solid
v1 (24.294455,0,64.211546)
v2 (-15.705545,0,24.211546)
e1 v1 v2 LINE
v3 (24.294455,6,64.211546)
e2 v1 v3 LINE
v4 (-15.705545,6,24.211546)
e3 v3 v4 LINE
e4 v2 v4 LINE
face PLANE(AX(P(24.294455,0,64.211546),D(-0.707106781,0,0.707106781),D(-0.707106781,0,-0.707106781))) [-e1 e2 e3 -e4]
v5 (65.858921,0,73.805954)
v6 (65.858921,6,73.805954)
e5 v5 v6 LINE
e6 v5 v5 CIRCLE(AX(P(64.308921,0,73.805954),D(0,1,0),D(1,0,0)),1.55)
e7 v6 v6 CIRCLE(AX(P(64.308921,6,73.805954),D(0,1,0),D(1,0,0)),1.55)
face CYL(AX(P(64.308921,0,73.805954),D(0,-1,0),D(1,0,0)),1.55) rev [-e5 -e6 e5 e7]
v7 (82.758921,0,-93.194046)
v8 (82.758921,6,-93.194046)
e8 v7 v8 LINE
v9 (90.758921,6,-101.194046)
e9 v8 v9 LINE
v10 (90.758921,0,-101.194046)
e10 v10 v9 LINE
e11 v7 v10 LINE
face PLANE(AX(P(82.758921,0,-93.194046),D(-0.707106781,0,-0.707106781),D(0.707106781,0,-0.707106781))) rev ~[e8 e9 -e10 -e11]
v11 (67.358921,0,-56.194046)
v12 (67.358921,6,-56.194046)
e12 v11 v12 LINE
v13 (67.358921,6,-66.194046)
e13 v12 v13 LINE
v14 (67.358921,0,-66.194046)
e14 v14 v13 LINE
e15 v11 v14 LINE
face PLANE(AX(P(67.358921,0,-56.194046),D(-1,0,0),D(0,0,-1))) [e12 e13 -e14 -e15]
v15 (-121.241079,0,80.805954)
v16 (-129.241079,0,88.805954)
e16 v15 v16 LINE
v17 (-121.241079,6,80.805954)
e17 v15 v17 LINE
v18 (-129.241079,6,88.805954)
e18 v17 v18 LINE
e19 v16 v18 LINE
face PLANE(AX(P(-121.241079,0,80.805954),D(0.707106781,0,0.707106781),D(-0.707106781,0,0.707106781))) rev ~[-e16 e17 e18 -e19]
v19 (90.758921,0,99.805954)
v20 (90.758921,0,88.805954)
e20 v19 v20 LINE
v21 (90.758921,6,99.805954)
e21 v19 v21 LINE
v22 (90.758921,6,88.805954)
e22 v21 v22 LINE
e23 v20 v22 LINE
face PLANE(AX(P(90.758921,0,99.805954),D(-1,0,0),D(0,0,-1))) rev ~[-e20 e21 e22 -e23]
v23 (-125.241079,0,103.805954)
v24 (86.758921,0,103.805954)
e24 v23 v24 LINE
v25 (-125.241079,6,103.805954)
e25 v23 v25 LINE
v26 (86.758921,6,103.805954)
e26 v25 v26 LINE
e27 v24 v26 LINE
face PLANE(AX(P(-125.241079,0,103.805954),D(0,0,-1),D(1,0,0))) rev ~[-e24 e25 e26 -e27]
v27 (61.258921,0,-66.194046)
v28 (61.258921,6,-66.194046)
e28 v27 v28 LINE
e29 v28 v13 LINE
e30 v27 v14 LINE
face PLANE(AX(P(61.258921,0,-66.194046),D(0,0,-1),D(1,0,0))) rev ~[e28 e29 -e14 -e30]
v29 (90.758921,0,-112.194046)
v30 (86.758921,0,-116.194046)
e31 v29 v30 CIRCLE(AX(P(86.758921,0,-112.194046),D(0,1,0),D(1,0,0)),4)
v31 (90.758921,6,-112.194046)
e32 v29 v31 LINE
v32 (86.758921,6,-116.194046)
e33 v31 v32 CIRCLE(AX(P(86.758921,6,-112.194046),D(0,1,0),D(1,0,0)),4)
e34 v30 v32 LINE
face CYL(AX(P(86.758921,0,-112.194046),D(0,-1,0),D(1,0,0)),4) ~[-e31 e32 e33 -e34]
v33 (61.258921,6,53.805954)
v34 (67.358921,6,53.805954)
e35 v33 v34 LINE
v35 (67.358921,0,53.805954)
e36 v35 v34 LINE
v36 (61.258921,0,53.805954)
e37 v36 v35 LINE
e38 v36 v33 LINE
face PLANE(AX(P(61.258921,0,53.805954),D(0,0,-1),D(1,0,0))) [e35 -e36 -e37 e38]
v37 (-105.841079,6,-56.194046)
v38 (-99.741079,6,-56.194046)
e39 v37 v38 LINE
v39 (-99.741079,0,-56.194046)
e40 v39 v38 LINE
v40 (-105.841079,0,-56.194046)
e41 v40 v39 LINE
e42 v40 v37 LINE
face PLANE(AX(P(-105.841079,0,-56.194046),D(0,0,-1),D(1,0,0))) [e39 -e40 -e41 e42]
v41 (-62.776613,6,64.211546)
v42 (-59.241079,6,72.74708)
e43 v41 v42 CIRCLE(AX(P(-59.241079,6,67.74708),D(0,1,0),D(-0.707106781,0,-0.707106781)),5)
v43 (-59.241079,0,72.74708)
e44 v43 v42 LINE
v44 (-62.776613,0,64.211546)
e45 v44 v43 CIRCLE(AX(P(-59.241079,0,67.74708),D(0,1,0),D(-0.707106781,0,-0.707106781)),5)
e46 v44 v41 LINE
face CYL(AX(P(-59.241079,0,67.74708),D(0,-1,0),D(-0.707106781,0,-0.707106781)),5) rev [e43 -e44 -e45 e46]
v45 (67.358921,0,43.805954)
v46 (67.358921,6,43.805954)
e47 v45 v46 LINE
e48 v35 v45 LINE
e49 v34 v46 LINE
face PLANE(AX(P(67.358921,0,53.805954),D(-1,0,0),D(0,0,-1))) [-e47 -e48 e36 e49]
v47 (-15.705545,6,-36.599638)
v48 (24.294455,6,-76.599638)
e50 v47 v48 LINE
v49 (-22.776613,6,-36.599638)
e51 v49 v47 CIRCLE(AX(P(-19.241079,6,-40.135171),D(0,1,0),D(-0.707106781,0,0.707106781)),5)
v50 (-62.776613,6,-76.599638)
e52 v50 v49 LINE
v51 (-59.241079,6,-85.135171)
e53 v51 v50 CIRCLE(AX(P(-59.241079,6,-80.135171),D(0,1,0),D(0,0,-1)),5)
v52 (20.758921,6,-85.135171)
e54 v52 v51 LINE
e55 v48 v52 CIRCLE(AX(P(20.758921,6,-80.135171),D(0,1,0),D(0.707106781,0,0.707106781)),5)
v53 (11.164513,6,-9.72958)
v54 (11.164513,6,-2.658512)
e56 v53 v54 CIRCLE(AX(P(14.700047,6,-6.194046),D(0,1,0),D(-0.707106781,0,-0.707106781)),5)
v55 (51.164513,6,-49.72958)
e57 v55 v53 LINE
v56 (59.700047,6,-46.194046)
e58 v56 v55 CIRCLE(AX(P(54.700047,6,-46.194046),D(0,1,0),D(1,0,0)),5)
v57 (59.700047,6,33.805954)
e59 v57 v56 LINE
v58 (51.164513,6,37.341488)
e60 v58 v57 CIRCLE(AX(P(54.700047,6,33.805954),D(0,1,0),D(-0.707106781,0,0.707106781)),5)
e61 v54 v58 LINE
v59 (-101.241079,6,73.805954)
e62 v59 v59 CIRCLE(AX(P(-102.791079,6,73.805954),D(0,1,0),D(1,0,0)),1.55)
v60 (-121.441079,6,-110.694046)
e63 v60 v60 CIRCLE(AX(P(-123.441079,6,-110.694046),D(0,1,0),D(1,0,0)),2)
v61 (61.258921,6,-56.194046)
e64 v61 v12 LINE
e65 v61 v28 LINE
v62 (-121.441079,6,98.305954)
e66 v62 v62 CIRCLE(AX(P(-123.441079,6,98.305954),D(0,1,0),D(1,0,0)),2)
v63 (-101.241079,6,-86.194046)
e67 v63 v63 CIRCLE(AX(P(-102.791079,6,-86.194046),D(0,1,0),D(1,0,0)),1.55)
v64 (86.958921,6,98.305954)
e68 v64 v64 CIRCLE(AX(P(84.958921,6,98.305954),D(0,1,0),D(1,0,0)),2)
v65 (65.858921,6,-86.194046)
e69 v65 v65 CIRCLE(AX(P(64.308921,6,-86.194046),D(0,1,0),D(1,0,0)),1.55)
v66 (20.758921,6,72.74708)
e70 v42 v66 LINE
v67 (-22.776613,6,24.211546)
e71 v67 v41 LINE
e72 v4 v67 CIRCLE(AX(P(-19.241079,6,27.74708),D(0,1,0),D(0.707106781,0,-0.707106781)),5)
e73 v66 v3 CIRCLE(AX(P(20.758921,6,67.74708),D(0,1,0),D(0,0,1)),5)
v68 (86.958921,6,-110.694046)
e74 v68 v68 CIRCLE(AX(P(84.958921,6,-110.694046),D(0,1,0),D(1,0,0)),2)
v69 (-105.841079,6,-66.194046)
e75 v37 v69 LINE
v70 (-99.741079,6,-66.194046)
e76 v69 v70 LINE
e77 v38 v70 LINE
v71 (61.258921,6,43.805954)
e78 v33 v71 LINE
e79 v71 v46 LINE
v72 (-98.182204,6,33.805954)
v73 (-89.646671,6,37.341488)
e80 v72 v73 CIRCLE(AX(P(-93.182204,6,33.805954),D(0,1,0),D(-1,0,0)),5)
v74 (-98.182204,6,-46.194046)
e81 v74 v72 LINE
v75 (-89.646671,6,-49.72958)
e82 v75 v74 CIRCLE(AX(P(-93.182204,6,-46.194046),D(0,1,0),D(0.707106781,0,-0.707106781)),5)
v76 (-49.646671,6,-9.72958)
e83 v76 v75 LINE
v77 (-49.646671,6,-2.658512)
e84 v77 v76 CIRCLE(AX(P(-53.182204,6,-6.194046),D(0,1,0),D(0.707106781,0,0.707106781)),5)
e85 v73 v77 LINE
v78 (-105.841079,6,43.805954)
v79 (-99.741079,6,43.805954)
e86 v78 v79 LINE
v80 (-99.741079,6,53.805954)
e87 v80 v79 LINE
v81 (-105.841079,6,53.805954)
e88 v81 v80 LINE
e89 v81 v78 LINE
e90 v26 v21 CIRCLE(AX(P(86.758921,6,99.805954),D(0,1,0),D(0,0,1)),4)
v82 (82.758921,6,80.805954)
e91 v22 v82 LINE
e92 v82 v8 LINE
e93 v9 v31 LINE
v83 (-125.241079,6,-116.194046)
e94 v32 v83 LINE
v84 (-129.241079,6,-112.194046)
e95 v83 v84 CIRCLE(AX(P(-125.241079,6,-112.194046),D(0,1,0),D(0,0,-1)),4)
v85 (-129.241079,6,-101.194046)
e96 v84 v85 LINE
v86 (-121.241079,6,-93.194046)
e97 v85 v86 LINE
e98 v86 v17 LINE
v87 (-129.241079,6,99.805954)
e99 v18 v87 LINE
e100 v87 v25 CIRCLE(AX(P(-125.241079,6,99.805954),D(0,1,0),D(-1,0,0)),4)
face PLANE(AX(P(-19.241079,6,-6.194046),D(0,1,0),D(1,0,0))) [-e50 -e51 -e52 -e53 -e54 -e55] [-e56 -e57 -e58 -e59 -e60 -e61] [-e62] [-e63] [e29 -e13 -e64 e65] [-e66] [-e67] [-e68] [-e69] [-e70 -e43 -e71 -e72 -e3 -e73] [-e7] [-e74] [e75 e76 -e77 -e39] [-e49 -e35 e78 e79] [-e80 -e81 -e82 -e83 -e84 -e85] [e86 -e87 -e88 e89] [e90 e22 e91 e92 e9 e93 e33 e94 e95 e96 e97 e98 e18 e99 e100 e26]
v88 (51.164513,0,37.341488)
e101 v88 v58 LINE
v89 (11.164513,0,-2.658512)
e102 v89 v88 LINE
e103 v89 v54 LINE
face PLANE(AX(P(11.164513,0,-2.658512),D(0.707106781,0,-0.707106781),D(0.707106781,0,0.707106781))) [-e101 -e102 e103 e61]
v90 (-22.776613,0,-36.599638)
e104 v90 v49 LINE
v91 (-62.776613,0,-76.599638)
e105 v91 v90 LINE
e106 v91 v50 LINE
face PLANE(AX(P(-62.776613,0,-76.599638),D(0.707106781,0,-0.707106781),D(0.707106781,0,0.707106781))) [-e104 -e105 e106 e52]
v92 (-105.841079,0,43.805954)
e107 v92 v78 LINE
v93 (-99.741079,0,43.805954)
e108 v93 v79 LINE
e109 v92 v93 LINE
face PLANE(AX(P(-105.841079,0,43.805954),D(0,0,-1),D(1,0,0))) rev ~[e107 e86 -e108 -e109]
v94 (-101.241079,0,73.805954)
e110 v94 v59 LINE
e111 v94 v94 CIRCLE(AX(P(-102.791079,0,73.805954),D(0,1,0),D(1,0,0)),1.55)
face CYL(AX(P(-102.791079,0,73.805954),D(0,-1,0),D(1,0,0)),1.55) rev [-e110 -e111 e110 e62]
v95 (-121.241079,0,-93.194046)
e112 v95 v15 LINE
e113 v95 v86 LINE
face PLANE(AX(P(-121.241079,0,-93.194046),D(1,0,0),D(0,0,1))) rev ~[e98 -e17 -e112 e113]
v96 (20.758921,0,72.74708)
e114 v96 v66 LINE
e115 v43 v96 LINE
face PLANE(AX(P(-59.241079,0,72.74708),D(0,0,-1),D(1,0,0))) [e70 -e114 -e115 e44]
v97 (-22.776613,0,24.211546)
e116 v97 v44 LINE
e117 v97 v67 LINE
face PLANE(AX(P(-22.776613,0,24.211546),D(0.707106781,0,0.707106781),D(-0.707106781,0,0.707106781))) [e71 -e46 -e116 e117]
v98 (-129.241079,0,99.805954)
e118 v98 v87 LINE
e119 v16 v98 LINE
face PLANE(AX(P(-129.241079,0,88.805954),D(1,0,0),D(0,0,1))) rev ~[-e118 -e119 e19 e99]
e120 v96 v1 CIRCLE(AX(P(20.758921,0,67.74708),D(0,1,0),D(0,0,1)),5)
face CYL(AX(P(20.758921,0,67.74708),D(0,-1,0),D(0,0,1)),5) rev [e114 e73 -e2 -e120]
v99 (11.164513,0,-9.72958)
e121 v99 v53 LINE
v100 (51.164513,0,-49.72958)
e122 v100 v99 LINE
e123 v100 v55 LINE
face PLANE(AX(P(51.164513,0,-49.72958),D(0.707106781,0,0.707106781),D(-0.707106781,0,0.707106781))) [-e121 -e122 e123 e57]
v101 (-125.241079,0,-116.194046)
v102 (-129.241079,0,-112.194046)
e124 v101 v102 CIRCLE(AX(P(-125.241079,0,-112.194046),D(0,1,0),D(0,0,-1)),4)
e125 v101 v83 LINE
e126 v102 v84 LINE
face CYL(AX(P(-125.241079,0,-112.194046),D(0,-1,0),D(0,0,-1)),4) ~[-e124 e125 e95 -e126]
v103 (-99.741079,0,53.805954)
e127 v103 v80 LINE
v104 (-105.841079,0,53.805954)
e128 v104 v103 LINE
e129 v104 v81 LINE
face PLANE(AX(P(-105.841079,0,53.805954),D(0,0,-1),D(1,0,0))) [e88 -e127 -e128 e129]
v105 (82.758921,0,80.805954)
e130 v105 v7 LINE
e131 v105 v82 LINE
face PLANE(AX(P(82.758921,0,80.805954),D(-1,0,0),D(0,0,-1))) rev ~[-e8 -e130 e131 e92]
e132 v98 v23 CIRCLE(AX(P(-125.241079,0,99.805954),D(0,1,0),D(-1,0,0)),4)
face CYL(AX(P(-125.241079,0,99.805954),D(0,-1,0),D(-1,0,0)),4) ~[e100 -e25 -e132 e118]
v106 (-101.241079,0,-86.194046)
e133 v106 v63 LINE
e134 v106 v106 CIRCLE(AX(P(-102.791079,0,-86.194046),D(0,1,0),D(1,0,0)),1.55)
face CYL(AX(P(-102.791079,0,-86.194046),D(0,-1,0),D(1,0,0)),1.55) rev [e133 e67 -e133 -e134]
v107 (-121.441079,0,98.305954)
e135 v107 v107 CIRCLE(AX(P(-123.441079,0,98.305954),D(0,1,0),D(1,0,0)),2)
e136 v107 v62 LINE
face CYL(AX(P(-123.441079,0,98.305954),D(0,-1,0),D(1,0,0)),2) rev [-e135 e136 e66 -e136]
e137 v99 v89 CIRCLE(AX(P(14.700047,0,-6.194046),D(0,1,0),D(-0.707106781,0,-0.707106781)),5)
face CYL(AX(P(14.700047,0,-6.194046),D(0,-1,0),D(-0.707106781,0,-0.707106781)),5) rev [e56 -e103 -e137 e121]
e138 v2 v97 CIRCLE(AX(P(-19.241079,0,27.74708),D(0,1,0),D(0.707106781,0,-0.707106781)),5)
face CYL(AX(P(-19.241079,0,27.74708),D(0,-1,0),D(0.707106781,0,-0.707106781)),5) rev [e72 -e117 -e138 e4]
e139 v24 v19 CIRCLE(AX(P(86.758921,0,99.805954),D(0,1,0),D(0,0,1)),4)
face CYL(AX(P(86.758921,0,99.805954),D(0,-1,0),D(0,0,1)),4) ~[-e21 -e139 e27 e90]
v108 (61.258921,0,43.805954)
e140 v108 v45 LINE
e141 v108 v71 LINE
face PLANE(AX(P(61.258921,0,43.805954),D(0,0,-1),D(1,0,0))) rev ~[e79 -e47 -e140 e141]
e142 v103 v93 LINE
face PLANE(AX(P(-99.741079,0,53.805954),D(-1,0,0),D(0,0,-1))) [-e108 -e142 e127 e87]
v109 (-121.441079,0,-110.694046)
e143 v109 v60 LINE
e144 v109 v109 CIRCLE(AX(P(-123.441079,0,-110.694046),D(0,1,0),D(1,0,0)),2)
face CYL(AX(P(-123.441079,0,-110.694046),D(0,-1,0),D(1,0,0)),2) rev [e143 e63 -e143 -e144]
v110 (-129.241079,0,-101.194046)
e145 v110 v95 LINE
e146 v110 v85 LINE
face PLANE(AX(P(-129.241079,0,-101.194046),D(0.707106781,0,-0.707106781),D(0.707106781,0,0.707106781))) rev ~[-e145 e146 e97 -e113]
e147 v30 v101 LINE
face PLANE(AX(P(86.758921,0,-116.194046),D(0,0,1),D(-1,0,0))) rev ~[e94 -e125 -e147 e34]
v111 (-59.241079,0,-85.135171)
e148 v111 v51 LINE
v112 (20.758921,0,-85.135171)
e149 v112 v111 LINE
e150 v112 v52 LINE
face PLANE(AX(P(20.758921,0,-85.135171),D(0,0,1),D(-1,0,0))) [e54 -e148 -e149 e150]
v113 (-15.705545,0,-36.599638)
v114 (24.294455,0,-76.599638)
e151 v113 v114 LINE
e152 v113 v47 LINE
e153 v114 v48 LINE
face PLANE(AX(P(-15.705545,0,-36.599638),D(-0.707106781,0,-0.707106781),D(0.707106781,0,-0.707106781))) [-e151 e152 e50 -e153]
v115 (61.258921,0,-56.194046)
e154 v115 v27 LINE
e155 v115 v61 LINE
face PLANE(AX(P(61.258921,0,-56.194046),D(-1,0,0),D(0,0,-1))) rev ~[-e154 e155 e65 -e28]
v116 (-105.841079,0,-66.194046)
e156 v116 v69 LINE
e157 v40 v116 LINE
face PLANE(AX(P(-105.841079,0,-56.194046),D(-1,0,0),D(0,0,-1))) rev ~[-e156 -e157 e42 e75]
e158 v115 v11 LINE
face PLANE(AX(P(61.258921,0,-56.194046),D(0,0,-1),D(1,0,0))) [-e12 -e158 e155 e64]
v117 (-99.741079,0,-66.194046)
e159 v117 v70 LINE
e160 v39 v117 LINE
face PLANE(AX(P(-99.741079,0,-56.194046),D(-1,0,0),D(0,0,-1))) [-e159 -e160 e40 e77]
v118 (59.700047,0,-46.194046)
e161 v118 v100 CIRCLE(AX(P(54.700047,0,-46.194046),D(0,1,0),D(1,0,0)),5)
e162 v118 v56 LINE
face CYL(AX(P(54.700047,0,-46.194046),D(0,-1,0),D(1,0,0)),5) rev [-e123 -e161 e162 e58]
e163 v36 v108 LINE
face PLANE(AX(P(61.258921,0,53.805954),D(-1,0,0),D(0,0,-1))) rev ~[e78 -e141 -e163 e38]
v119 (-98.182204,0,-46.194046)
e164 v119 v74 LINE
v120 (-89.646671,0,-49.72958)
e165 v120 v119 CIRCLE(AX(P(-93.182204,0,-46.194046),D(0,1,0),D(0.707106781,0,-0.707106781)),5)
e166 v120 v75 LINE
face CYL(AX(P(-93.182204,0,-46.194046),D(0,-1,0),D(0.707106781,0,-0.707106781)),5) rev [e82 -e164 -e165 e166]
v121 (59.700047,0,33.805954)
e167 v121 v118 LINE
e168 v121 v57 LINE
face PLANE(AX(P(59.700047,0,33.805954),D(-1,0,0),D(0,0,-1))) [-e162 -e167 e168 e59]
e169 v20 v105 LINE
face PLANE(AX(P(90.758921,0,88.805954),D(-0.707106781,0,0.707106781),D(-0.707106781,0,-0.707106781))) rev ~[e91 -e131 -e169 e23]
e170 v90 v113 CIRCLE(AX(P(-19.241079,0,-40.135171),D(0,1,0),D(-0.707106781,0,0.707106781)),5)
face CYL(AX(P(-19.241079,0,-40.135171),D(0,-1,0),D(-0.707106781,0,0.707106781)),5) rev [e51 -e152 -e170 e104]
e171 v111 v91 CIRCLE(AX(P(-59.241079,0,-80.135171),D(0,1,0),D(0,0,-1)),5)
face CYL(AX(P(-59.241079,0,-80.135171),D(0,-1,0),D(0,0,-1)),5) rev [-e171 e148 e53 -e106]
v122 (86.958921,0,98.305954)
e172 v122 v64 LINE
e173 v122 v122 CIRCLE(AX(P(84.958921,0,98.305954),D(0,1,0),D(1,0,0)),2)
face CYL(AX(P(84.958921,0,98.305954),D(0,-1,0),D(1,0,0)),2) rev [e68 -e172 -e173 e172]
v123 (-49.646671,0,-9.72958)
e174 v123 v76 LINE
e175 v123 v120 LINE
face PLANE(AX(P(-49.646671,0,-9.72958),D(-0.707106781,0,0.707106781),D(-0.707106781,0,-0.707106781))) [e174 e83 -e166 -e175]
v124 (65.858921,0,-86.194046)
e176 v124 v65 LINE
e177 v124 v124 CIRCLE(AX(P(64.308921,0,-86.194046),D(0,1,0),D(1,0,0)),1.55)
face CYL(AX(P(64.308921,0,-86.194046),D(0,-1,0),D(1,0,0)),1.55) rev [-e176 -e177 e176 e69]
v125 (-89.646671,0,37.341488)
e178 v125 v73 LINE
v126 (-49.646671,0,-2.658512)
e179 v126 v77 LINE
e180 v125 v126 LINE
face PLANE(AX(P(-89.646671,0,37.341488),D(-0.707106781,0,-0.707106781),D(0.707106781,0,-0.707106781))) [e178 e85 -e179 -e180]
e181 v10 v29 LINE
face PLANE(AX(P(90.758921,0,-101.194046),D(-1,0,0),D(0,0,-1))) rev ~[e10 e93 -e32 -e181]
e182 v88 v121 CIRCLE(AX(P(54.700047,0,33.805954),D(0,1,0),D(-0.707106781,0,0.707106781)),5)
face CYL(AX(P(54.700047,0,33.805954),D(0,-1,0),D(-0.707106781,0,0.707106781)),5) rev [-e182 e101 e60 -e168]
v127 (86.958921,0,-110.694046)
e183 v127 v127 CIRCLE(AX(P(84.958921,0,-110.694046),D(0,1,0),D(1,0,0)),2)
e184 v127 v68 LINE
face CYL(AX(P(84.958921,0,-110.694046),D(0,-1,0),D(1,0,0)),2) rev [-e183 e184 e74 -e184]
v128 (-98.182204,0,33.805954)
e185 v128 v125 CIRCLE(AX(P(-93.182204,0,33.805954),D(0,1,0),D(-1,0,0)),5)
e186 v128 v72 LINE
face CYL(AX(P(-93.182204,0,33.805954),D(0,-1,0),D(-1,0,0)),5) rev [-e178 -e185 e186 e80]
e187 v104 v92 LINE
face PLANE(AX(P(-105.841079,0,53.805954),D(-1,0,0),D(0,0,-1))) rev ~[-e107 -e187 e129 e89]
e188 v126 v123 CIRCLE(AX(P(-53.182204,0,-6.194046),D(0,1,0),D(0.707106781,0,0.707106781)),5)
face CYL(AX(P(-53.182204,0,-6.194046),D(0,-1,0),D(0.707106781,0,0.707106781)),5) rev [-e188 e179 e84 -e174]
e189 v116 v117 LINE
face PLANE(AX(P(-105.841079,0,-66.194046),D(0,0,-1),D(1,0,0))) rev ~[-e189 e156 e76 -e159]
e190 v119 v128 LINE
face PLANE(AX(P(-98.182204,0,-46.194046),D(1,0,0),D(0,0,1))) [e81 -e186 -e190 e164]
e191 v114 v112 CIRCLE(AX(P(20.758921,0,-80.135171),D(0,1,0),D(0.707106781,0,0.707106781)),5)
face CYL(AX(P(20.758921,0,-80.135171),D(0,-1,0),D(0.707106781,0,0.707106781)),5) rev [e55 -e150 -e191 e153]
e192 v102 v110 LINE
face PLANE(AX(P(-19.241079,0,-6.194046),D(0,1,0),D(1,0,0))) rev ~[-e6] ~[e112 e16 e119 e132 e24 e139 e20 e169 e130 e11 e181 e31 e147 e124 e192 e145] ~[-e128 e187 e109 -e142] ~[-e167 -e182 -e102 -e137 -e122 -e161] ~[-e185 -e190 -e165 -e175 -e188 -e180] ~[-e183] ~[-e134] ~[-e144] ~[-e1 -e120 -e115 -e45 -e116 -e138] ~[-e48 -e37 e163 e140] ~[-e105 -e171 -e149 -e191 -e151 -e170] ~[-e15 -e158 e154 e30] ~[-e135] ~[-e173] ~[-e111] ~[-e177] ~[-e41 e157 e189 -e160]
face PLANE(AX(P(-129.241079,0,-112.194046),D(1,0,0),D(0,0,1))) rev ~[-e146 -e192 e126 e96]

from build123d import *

# Parameters (mm, degrees)
SKETCH_1_R      = 2
SKETCH_1_R_2    = 1.55
SKETCH_1_W      = 6.1
SKETCH_1_H      = 10
EXTRUDE_1_DEPTH = 6


with BuildPart() as part:
    # Эскиз1 → Бобышка-Вытянуть1 (new body)
    with BuildSketch(Plane(origin=(0, 0, 0), x_dir=(1, 0, 0), z_dir=(0, 1, 0))):
        with BuildLine():
            Line((-121.241078921, -80.805954046), (-129.241078921, -88.805954046))
            Line((-129.241078921, -88.805954046), (-129.241078921, -99.805954046))
            ThreePointArc((-129.241078921, -99.805954046), (-128.069506046, -102.634381171), (-125.241078921, -103.805954046))
            Line((-125.241078921, -103.805954046), (86.758921079, -103.805954046))
            ThreePointArc((86.758921079, -103.805954046), (89.587348204, -102.634381171), (90.758921079, -99.805954046))
            Line((90.758921079, -99.805954046), (90.758921079, -88.805954046))
            Line((90.758921079, -88.805954046), (82.758921079, -80.805954046))
            Line((82.758921079, -80.805954046), (82.758921079, 93.194045954))
            Line((82.758921079, 93.194045954), (90.758921079, 101.194045954))
            Line((90.758921079, 101.194045954), (90.758921079, 112.194045954))
            ThreePointArc((90.758921079, 112.194045954), (89.587348204, 115.022473079), (86.758921079, 116.194045954))
            Line((86.758921079, 116.194045954), (-125.241078921, 116.194045954))
            ThreePointArc((-125.241078921, 116.194045954), (-128.069506046, 115.022473079), (-129.241078921, 112.194045954))
            Line((-129.241078921, 112.194045954), (-129.241078921, 101.194045954))
            Line((-129.241078921, 101.194045954), (-121.241078921, 93.194045954))
            Line((-121.241078921, 93.194045954), (-121.241078921, -80.805954046))
        make_face()
        with Locations((-123.441078921, -98.305954046)):
            Circle(SKETCH_1_R, mode=Mode.SUBTRACT)
        with Locations((84.958921079, -98.305954046)):
            Circle(SKETCH_1_R, mode=Mode.SUBTRACT)
        with Locations((-123.441078921, 110.694045954)):
            Circle(SKETCH_1_R, mode=Mode.SUBTRACT)
        with Locations((84.958921079, 110.694045954)):
            Circle(SKETCH_1_R, mode=Mode.SUBTRACT)
        with Locations((64.308921079, 86.194045954)):
            Circle(SKETCH_1_R_2, mode=Mode.SUBTRACT)
        with Locations((64.308921079, -73.805954046)):
            Circle(SKETCH_1_R_2, mode=Mode.SUBTRACT)
        with Locations((-102.791078921, -73.805954046)):
            Circle(SKETCH_1_R_2, mode=Mode.SUBTRACT)
        with Locations((-102.791078921, 86.194045954)):
            Circle(SKETCH_1_R_2, mode=Mode.SUBTRACT)
        with Locations((-102.791078921, 61.194045954)):
            Rectangle(SKETCH_1_W, SKETCH_1_H, mode=Mode.SUBTRACT)
        with Locations((64.308921079, -48.805954046)):
            Rectangle(SKETCH_1_W, SKETCH_1_H, mode=Mode.SUBTRACT)
        with BuildLine():
            Line((-59.241078921, -72.747079543), (20.758921079, -72.747079543))
            ThreePointArc((20.758921079, -72.747079543), (25.378318741, -69.660496705), (24.294454985, -64.211545637))
            Line((24.294454985, -64.211545637), (-15.705545015, -24.211545637))
            ThreePointArc((-15.705545015, -24.211545637), (-19.241078921, -22.747079543), (-22.776612827, -24.211545637))
            Line((-22.776612827, -24.211545637), (-62.776612827, -64.211545637))
            ThreePointArc((-62.776612827, -64.211545637), (-63.860476584, -69.660496705), (-59.241078921, -72.747079543))
        make_face(mode=Mode.SUBTRACT)
        with Locations((64.308921079, 61.194045954)):
            Rectangle(SKETCH_1_W, SKETCH_1_H, mode=Mode.SUBTRACT)
        with BuildLine():
            Line((20.758921079, 85.135171451), (-59.241078921, 85.135171451))
            ThreePointArc((-59.241078921, 85.135171451), (-63.860476584, 82.048588613), (-62.776612827, 76.599637545))
            Line((-62.776612827, 76.599637545), (-22.776612827, 36.599637545))
            ThreePointArc((-22.776612827, 36.599637545), (-19.241078921, 35.135171451), (-15.705545015, 36.599637545))
            Line((-15.705545015, 36.599637545), (24.294454985, 76.599637545))
            ThreePointArc((24.294454985, 76.599637545), (25.378318741, 82.048588613), (20.758921079, 85.135171451))
        make_face(mode=Mode.SUBTRACT)
        with BuildLine():
            Line((59.700046576, -33.805954046), (59.700046576, 46.194045954))
            ThreePointArc((59.700046576, 46.194045954), (56.613463738, 50.813443617), (51.16451267, 49.72957986))
            Line((51.16451267, 49.72957986), (11.16451267, 9.72957986))
            ThreePointArc((11.16451267, 9.72957986), (9.700046576, 6.194045954), (11.16451267, 2.658512048))
            Line((11.16451267, 2.658512048), (51.16451267, -37.341487952))
            ThreePointArc((51.16451267, -37.341487952), (56.613463738, -38.425351709), (59.700046576, -33.805954046))
        make_face(mode=Mode.SUBTRACT)
        with BuildLine():
            Line((-98.182204418, 46.194045954), (-98.182204418, -33.805954046))
            ThreePointArc((-98.182204418, -33.805954046), (-95.09562158, -38.425351709), (-89.646670512, -37.341487952))
            Line((-89.646670512, -37.341487952), (-49.646670512, 2.658512048))
            ThreePointArc((-49.646670512, 2.658512048), (-48.182204418, 6.194045954), (-49.646670512, 9.72957986))
            Line((-49.646670512, 9.72957986), (-89.646670512, 49.72957986))
            ThreePointArc((-89.646670512, 49.72957986), (-95.09562158, 50.813443617), (-98.182204418, 46.194045954))
        make_face(mode=Mode.SUBTRACT)
        with Locations((-102.791078921, -48.805954046)):
            Rectangle(SKETCH_1_W, SKETCH_1_H, mode=Mode.SUBTRACT)
    extrude(amount=EXTRUDE_1_DEPTH)


solid = part.part
